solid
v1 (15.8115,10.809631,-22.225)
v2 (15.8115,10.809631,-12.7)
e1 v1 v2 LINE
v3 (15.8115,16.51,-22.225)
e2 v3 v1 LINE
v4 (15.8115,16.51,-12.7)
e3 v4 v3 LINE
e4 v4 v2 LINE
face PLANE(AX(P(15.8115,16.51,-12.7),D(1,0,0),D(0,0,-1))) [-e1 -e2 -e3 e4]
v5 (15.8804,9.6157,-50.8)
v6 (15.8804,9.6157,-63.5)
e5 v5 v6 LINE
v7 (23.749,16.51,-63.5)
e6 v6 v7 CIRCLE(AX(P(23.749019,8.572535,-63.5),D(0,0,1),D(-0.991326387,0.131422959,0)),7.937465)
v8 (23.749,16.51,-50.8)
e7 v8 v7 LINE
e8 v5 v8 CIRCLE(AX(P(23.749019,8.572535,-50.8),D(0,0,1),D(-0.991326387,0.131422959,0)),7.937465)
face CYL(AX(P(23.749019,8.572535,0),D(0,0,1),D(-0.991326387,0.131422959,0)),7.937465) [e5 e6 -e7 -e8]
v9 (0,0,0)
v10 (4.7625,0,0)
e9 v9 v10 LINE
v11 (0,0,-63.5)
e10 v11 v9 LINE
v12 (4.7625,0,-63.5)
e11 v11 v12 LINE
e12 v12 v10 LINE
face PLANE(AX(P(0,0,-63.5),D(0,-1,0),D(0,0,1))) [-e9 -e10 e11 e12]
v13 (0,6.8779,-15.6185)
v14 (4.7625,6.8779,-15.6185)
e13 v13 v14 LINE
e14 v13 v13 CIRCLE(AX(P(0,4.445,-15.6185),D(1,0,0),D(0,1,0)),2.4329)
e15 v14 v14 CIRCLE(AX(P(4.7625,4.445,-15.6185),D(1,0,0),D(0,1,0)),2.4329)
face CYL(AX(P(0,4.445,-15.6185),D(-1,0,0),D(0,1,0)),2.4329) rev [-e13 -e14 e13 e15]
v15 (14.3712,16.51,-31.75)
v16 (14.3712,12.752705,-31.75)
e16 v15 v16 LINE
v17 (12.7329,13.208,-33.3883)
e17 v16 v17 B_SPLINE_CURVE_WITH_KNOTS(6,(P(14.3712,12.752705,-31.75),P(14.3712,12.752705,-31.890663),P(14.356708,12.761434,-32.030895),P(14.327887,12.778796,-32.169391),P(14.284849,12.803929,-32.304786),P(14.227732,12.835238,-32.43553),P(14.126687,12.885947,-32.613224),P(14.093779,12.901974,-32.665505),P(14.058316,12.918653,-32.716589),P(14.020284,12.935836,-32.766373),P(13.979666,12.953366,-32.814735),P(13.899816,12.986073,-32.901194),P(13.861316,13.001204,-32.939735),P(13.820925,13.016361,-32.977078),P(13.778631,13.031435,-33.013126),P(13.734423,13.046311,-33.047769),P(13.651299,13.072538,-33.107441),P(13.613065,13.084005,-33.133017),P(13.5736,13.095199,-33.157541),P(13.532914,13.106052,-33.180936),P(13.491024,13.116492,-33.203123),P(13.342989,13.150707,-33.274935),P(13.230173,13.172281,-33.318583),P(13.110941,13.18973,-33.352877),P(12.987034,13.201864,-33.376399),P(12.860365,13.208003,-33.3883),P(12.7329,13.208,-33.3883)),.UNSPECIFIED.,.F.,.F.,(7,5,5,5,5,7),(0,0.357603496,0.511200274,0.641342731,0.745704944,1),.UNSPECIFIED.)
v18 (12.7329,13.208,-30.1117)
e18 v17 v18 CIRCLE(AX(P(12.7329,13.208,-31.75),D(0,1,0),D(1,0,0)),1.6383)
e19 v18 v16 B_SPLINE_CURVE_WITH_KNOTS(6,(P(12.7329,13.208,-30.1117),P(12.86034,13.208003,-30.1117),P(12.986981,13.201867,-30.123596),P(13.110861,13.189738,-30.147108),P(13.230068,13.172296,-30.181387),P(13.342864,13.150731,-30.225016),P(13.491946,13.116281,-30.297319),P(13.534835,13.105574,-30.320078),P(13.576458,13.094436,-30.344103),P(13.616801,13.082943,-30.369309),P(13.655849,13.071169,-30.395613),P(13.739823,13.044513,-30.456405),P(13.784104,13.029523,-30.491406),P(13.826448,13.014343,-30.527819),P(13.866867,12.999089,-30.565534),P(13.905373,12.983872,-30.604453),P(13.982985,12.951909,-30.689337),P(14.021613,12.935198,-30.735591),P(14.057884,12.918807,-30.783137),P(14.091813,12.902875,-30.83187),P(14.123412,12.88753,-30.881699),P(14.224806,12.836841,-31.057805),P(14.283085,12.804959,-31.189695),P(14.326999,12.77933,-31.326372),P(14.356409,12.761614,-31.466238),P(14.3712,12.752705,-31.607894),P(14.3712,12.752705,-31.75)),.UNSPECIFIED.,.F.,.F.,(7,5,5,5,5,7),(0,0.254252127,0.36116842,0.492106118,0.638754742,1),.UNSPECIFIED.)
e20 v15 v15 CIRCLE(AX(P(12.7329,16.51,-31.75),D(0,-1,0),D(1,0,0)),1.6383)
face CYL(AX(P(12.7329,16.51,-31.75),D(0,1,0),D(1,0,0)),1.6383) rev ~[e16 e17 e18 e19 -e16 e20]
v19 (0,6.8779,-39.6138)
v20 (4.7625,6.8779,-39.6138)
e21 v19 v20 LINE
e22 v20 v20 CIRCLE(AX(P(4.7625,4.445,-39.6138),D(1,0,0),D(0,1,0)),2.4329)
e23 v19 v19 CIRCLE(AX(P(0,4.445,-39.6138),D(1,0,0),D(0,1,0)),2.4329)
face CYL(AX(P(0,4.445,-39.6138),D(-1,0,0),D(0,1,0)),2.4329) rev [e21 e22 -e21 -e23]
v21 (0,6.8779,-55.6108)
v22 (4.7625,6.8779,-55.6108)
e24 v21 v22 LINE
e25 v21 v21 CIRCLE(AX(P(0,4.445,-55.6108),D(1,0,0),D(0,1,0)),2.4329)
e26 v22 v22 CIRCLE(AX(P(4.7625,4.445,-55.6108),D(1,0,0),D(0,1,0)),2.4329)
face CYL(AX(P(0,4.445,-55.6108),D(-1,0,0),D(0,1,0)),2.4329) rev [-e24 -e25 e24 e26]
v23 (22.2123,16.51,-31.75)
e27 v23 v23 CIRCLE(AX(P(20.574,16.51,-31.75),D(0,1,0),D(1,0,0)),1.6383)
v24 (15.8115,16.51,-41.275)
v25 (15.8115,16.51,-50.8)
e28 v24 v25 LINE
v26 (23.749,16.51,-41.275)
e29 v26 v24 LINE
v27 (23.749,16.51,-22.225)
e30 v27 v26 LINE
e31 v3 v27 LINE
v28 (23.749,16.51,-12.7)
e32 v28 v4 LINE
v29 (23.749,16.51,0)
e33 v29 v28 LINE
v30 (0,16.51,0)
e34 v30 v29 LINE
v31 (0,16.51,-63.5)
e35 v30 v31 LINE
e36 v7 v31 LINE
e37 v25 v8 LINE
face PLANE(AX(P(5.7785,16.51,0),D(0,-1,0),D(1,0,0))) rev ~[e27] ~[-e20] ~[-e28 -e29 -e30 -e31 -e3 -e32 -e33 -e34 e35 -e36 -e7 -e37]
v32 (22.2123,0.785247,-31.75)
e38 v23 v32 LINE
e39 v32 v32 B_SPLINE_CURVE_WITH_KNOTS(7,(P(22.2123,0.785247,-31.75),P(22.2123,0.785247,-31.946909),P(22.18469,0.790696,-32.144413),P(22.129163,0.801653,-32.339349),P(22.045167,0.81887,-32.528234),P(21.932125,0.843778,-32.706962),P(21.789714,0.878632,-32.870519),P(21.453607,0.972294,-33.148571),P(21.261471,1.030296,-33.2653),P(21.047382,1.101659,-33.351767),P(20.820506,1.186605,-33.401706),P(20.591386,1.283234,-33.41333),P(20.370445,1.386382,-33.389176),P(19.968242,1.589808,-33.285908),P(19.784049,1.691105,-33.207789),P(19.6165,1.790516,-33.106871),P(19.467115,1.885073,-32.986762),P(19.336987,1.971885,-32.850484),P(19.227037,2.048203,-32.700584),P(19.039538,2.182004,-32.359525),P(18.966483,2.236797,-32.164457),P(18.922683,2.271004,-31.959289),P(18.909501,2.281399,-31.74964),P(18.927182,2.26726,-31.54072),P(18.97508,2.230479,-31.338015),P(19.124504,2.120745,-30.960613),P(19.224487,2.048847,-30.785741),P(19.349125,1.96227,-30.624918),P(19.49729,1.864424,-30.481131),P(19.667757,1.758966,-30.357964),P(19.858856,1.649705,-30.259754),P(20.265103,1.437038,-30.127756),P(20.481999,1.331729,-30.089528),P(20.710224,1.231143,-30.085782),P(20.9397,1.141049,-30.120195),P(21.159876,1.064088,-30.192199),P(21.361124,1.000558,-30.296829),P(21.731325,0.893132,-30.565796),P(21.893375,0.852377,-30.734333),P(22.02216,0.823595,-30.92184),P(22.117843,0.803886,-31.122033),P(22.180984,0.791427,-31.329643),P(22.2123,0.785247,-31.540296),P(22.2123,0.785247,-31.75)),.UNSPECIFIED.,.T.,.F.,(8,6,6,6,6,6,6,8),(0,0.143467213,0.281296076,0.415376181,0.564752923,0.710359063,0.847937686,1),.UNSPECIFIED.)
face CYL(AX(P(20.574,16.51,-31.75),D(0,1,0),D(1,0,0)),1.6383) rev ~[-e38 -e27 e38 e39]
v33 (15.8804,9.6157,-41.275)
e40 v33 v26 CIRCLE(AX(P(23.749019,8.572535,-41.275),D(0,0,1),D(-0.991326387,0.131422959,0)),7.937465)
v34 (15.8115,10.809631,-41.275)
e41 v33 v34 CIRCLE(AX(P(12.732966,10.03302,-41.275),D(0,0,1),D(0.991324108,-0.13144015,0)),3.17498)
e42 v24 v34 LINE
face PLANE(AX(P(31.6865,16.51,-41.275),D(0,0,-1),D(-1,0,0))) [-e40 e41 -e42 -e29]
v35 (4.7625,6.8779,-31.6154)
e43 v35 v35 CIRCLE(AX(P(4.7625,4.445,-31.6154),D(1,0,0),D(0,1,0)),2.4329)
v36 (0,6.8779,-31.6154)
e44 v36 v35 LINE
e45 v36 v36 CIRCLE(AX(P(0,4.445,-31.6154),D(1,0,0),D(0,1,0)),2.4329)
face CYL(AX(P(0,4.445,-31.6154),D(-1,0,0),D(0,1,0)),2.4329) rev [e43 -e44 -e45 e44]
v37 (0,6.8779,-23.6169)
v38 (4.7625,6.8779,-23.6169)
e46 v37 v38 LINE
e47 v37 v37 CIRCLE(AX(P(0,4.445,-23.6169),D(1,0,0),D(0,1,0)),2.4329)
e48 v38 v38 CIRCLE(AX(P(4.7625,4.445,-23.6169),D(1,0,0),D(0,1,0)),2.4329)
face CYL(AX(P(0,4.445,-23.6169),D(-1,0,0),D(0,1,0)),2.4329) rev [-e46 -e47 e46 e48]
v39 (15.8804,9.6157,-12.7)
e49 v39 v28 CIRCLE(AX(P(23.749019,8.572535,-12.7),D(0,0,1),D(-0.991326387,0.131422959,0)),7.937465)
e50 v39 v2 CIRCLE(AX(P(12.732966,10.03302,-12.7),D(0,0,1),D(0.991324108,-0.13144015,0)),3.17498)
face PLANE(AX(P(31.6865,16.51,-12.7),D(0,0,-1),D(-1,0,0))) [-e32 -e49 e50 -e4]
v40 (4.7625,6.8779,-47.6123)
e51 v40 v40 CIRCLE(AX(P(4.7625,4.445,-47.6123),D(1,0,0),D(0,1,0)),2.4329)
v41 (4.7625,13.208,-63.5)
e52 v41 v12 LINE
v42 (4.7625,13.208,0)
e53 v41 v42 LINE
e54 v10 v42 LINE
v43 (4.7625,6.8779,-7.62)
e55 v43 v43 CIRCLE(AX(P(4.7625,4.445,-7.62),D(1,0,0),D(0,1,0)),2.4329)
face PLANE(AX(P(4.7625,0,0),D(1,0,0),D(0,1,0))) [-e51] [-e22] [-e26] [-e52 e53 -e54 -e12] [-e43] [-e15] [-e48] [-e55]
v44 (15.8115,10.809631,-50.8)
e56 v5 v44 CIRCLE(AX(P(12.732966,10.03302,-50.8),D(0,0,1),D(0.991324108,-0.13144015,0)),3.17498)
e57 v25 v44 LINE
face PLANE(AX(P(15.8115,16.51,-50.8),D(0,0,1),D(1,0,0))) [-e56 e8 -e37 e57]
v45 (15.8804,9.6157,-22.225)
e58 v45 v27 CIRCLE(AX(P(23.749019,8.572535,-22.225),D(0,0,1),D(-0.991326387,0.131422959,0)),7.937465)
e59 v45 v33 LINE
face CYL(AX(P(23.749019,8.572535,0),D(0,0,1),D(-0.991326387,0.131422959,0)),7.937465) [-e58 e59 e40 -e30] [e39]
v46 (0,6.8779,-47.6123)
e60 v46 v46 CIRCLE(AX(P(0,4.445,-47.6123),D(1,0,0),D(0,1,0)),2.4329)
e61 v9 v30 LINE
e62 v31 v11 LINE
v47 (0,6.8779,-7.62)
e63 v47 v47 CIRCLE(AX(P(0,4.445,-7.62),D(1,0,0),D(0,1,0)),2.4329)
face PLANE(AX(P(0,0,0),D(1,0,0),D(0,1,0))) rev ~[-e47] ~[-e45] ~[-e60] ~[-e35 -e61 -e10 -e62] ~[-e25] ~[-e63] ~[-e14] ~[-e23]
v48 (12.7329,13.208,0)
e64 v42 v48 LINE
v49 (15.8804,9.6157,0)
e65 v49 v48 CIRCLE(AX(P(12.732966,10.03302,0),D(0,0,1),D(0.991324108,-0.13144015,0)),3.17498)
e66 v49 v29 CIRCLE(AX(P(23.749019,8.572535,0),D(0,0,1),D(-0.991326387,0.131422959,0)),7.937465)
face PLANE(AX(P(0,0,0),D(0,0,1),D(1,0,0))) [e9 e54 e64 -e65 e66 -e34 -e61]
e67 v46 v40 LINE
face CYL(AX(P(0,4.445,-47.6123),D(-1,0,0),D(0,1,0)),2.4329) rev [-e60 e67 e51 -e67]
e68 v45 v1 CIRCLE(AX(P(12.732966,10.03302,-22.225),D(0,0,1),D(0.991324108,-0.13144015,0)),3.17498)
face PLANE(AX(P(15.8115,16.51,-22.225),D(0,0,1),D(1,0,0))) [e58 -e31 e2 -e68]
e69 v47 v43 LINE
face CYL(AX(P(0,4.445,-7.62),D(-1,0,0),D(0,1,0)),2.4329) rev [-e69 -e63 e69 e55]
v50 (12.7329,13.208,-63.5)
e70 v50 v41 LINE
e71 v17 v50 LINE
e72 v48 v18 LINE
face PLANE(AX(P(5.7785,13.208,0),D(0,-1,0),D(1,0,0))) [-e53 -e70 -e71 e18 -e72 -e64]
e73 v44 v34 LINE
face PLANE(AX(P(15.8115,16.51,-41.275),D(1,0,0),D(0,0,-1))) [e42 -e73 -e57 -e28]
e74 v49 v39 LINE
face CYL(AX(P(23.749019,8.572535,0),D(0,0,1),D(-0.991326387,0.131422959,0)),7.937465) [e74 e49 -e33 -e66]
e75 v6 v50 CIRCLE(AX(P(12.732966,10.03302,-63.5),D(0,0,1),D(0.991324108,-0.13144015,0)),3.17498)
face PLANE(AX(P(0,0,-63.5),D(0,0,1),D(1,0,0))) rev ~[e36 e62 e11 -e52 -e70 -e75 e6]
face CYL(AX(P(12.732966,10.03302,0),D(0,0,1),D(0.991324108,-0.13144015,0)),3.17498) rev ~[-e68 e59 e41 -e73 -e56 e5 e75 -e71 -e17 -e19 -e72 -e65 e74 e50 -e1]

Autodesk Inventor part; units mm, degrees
ref_plane "YZ Plane" through (0, 0, 0) normal (1, 0, 0) x (0, 1, 0)
ref_plane "XZ Plane" through (0, 0, 0) normal (0, 1, 0) x (-1, 0, 0)
ref_plane "XY Plane" through (0, 0, 0) normal (0, 0, 1) x (1, 0, 0)
sketch "Sketch1" plane through (0, 0, 0) normal (1, 0, 0) x (0, 1, 0)
  line L0 (0, 0) -> (16.51, 0)
  line L1 (16.51, 0) -> (16.51, -63.5)
  line L2 (16.51, -63.5) -> (0, -63.5)
  line L3 (0, -63.5) -> (0, 0)
  circle A0 centre (4.445, -7.62) radius 2.4329
  circle A1 centre (4.445, -15.6185) radius 2.4329
  circle A2 centre (4.445, -23.6169) radius 2.4329
  circle A3 centre (4.445, -31.6154) radius 2.4329
  circle A4 centre (4.445, -39.6138) radius 2.4329
  circle A5 centre (4.445, -47.6123) radius 2.4329
  circle A6 centre (4.445, -55.6108) radius 2.4329
  dimension "d0" = 63.5
  dimension "d1" = 16.51
  dimension "d6" = 7.9985
  dimension "d11" = 7.62
extrude "Extrusion1" add sketch "Sketch1" along normal blind 4.7625
sketch "Sketch2" plane through (4.7625, 0, 0) normal (1, 0, 0) x (0, 0, -1)
  line L0 (63.5, 16.51) -> (0, 16.51) projected
  line L1 (63.5, 0) -> (63.5, 16.51) projected
  line L2 (0, 16.51) -> (63.5, 16.51)
  line L3 (63.5, 16.51) -> (63.5, 13.208)
  line L4 (63.5, 13.208) -> (0, 13.208)
  line L5 (0, 13.208) -> (0, 16.51)
  point P0 (0, 0)
  dimension "d14" = 3.302
extrude "Extrusion2" add sketch "Sketch2" along normal blind 1.016
sketch "Sketch3" plane through (0, 0, 0) normal (0, 0, 1) x (1, 0, 0)
  line L0 (5.7785, 16.51) -> (5.7785, 13.208) projected
  arc A0 (15.8804, 9.6157) -> (23.749, 16.51) centre (23.749, 8.5725) ccw
  line L1 (0, 16.51) -> (0, 0) projected
  line L2 (5.7785, 16.51) -> (23.749, 16.51)
  line L3 (4.7625, 13.208) -> (5.7785, 13.208) projected
  line L4 (5.7785, 13.208) -> (12.7329, 13.208)
  arc A1 (15.8804, 9.6157) -> (12.7329, 13.208) centre (12.7329, 10.033) ccw
  point P0 (17.3057, 13.208)
  point P1 (9.5258, 13.208)
  dimension "d17" = 23.749
  dimension "d18" = 15.875
  dimension "d19" = 3.175
extrude "Extrusion3" add sketch "Sketch3" against normal blind 63.5
sketch "Sketch4" plane through (0, 16.51, 0) normal (0, 1, 0) x (1, 0, 0)
  line L0 (31.6865, 0) -> (31.6865, 63.5) projected
  line L1 (31.6865, 0) -> (31.6865, 83.2403)
  point P0 (0, 0)
ref_plane "Work Plane1" through (55.5625, 0, 0) normal (1, 0, 0) x (0, 0, -1)
sketch "Sketch6" plane through (0, 16.51, 0) normal (0, 1, 0) x (1, 0, 0)
  line L0 (31.6865, 0) -> (31.6865, 63.5) projected
  line L1 (15.8115, 50.8) -> (31.6865, 50.8)
  line L2 (31.6865, 50.8) -> (31.6865, 41.275)
  line L3 (31.6865, 41.275) -> (15.8115, 41.275)
  line L4 (15.8115, 41.275) -> (15.8115, 50.8)
  line L5 (31.6865, 63.5) -> (15.8115, 63.5) projected
  line L6 (15.8115, 22.225) -> (31.6865, 22.225)
  line L7 (31.6865, 22.225) -> (31.6865, 12.7)
  line L8 (31.6865, 12.7) -> (15.8115, 12.7)
  line L9 (15.8115, 12.7) -> (15.8115, 22.225)
  line L10 (15.8115, 0) -> (31.6865, 0) projected
  point P0 (0, 0)
  point P1 (15.8804, 63.5)
  point P2 (15.8804, 0)
  dimension "d26" = 9.525
  dimension "d27" = 12.7
  dimension "d28" = 9.525
  dimension "d29" = 12.7
  dimension "d32" = 15.875
  dimension "d33" = 15.875
extrude "Extrusion4" cut sketch "Sketch6" against normal through all
sketch "Sketch7" plane through (0, 16.51, 0) normal (0, 1, 0) x (1, 0, 0)
  circle A0 centre (20.574, 31.75) radius 1.6383
  line L0 (0, 0) -> (23.749, 0) projected
  line L1 (23.749, 22.225) -> (23.749, 41.275) projected
  line L2 (12.7329, 0) -> (12.7329, 63.5) projected
  circle A1 centre (12.7329, 31.75) radius 1.6383
  dimension "d34" = 3.2766
  dimension "d35" = 31.75
  dimension "d36" = 3.175
  dimension "d37" = 3.2766
extrude "Extrusion5" cut sketch "Sketch7" against normal through all
properties part number "knuckle plate hinge tall"
